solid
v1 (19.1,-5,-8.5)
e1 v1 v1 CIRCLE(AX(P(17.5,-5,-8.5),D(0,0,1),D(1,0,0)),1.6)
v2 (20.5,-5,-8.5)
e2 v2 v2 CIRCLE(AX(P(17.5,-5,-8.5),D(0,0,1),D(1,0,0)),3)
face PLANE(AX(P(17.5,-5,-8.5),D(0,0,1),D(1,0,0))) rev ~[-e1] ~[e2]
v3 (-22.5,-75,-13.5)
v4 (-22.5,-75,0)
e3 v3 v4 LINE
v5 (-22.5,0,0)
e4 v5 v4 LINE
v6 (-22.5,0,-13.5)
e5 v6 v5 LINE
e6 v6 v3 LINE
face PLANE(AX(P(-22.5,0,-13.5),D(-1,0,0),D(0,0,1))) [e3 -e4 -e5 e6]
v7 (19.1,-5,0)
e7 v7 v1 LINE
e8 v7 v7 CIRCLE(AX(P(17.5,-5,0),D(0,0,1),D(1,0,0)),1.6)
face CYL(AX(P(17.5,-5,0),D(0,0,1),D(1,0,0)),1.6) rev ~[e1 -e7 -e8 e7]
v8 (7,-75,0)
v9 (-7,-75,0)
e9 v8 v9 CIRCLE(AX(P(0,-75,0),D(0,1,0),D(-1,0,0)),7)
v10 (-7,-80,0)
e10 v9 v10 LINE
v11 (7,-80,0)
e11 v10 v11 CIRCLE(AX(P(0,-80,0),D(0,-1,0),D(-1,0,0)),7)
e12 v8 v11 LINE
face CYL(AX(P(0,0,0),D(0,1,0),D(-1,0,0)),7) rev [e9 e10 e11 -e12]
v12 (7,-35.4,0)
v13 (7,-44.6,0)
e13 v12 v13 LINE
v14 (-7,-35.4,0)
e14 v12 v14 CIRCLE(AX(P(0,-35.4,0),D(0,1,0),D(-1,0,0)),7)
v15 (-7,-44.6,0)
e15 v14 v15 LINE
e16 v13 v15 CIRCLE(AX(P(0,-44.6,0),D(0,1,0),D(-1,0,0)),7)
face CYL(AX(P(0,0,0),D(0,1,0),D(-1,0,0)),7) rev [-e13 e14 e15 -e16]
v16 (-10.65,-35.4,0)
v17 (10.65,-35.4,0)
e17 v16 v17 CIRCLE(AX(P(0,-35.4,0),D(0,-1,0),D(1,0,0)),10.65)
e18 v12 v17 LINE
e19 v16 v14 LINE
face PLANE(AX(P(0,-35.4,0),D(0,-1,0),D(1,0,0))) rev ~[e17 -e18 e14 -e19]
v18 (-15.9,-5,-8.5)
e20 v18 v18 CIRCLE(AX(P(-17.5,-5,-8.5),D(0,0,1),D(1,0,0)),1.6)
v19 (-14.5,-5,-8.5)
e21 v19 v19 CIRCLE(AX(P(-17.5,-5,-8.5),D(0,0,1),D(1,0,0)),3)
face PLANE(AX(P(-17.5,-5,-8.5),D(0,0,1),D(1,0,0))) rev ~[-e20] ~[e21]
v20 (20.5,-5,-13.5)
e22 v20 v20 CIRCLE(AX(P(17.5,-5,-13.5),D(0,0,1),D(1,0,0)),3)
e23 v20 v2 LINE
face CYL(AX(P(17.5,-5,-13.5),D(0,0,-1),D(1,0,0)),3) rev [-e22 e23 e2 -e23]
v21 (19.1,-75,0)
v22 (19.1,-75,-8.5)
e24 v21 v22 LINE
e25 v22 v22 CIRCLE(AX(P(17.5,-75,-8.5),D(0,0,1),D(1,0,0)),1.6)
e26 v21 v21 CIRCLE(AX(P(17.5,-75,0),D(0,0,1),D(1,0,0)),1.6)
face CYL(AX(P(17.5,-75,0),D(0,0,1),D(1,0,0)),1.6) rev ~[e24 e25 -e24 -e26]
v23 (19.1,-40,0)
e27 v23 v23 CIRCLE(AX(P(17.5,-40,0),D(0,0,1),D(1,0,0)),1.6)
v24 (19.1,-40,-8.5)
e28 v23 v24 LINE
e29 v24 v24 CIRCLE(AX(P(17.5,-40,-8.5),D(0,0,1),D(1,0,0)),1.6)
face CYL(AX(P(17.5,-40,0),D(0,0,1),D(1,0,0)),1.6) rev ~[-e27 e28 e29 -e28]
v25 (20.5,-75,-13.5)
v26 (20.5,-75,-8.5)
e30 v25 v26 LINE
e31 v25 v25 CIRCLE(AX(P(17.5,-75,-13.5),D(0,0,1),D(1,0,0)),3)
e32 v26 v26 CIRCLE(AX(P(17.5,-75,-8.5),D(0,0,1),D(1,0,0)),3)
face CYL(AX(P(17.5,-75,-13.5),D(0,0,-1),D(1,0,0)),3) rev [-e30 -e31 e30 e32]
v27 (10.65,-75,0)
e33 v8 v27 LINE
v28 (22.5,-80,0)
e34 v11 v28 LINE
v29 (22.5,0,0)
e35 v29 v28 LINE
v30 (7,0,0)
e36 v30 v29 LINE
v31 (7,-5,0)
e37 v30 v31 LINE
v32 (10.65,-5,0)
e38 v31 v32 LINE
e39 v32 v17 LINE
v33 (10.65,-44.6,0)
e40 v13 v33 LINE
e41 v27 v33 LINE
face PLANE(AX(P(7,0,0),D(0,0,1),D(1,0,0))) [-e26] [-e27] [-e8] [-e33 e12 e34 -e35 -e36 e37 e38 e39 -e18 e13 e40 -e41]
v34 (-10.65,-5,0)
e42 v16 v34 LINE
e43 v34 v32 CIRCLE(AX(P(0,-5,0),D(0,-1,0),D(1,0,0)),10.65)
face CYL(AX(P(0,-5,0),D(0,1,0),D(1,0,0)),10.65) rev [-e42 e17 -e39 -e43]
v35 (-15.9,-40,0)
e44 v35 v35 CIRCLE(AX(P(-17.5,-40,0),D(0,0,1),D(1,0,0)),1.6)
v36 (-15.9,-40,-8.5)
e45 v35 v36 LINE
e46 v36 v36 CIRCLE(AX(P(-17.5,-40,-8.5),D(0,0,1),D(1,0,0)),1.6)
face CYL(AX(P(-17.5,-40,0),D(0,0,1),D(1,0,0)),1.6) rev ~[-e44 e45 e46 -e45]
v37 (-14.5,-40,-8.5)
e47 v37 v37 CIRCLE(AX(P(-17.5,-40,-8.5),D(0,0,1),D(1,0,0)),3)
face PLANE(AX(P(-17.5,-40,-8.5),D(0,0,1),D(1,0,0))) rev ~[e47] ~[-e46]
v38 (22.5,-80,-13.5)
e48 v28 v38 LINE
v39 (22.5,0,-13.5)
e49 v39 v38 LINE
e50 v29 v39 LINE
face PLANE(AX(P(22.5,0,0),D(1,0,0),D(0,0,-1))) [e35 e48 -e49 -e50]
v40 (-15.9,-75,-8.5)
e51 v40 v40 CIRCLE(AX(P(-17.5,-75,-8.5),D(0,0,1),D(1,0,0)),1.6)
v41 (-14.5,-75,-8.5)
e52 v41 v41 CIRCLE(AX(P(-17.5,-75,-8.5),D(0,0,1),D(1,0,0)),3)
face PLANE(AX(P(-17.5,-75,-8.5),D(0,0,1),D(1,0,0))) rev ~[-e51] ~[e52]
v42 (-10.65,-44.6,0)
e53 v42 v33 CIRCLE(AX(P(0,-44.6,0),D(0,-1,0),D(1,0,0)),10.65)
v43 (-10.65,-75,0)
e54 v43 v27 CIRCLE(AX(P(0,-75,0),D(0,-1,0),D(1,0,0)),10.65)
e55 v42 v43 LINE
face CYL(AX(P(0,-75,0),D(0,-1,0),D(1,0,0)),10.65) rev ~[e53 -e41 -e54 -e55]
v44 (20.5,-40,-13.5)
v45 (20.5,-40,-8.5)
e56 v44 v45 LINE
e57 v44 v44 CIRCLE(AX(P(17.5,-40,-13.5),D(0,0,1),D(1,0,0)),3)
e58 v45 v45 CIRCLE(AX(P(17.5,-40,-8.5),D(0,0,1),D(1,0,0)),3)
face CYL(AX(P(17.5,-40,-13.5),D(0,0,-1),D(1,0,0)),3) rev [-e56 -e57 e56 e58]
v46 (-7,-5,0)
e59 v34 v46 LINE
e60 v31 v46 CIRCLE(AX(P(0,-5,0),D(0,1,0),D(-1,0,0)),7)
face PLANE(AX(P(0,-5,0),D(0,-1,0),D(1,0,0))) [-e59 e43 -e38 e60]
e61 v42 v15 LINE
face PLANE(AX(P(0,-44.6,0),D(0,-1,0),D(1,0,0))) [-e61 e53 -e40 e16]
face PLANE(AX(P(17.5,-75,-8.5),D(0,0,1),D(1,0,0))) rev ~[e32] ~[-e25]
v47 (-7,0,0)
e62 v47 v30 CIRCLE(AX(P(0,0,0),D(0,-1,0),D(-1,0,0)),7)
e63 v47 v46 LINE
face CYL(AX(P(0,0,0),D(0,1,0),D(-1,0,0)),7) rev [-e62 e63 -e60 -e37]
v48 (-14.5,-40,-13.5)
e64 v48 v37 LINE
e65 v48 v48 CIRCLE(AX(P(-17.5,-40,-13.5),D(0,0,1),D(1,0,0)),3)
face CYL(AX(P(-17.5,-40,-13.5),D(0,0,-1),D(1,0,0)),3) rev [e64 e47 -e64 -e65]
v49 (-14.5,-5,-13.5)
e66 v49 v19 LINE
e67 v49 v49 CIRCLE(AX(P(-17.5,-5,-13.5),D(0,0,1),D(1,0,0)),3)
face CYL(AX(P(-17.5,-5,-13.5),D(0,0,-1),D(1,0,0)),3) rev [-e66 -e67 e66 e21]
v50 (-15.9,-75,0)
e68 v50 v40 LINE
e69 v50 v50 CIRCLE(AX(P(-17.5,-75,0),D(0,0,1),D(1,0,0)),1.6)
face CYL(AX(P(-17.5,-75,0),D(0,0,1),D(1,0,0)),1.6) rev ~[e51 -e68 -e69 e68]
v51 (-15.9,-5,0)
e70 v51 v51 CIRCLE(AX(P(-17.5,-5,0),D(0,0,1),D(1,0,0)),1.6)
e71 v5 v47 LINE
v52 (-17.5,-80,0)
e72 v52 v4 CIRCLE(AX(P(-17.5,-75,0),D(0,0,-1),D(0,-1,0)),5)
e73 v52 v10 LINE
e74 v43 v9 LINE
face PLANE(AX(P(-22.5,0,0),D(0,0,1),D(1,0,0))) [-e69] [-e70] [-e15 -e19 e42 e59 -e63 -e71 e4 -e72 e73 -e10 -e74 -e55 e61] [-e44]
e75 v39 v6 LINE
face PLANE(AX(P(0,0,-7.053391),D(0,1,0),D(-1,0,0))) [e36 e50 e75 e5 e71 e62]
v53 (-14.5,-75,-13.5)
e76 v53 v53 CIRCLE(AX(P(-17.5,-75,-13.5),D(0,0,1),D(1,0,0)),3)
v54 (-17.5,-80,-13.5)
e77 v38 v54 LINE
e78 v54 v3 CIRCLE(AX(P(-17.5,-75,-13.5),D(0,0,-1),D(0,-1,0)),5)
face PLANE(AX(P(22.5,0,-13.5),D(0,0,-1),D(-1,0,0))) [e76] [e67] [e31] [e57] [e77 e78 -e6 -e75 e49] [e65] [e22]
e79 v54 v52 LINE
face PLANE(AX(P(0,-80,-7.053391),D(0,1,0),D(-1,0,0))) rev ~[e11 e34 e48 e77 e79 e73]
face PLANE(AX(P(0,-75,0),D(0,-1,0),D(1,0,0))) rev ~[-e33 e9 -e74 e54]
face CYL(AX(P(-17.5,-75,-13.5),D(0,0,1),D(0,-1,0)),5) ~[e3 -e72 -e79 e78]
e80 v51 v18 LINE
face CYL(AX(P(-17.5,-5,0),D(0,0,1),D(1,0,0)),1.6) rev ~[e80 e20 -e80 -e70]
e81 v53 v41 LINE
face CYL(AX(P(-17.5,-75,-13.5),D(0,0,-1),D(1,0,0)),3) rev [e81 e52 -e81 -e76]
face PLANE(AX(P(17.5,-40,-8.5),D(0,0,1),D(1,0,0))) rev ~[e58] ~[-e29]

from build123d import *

# Parameters (mm, degrees)
PAD_DEPTH       = 80
SKETCH001_R     = 1.6
POCKET_DEPTH    = 13.501
SKETCH002_R     = 3
POCKET001_DEPTH = 5
SKETCH003_R     = 10.65
POCKET002_DEPTH = 30.4
SKETCH004_R     = 10.65
POCKET003_DEPTH = 30.4
FILLET_R        = 5


with BuildPart() as part:
    # Sketch → Pad (new body)
    with BuildSketch(Plane.XZ):
        with BuildLine():
            Line((22.5, 0), (22.5, -13.5))
            Line((22.5, -13.5), (-22.5, -13.5))
            Line((-22.5, -13.5), (-22.5, 0))
            Line((-22.5, 0), (-7, 0))
            ThreePointArc((-7, 0), (0, -7), (7, 0))
            Line((7, 0), (22.5, 0))
        make_face()
    extrude(amount=PAD_DEPTH)

    # Sketch001 → Pocket (cut, through all)
    with BuildSketch(Plane.XY):
        with Locations((-17.5, -5)):
            Circle(SKETCH001_R)
        with Locations((-17.5, -40)):
            Circle(SKETCH001_R)
        with Locations((-17.5, -75)):
            Circle(SKETCH001_R)
        with Locations((17.5, -5)):
            Circle(SKETCH001_R)
        with Locations((17.5, -40)):
            Circle(SKETCH001_R)
        with Locations((17.5, -75)):
            Circle(SKETCH001_R)
    extrude(amount=-POCKET_DEPTH, mode=Mode.SUBTRACT)

    # Sketch002 (on DatumPlane) → Pocket001 (cut)
    with BuildSketch(Plane.XY.offset(-13.5)):
        with Locations((-17.5, -5)):
            Circle(SKETCH002_R)
        with Locations((-17.5, -40)):
            Circle(SKETCH002_R)
        with Locations((-17.5, -75)):
            Circle(SKETCH002_R)
        with Locations((17.5, -5)):
            Circle(SKETCH002_R)
        with Locations((17.5, -40)):
            Circle(SKETCH002_R)
        with Locations((17.5, -75)):
            Circle(SKETCH002_R)
    extrude(amount=POCKET001_DEPTH, mode=Mode.SUBTRACT)

    # Sketch003 (on DatumPlane) → Pocket002 (cut)
    with BuildSketch(Plane.XZ.offset(5)):
        Circle(SKETCH003_R)
    extrude(amount=POCKET002_DEPTH, mode=Mode.SUBTRACT)

    # Sketch004 (on DatumPlane) → Pocket003 (cut)
    with BuildSketch(Plane.XZ.offset(75)):
        Circle(SKETCH004_R)
    extrude(amount=-POCKET003_DEPTH, mode=Mode.SUBTRACT)

    # Fillet
    fillet_edges = [part.edges().sort_by_distance(p)[0] for p in [
        (-22.5, -80, -6.75),
    ]]
    fillet(fillet_edges, radius=FILLET_R)


solid = part.part
